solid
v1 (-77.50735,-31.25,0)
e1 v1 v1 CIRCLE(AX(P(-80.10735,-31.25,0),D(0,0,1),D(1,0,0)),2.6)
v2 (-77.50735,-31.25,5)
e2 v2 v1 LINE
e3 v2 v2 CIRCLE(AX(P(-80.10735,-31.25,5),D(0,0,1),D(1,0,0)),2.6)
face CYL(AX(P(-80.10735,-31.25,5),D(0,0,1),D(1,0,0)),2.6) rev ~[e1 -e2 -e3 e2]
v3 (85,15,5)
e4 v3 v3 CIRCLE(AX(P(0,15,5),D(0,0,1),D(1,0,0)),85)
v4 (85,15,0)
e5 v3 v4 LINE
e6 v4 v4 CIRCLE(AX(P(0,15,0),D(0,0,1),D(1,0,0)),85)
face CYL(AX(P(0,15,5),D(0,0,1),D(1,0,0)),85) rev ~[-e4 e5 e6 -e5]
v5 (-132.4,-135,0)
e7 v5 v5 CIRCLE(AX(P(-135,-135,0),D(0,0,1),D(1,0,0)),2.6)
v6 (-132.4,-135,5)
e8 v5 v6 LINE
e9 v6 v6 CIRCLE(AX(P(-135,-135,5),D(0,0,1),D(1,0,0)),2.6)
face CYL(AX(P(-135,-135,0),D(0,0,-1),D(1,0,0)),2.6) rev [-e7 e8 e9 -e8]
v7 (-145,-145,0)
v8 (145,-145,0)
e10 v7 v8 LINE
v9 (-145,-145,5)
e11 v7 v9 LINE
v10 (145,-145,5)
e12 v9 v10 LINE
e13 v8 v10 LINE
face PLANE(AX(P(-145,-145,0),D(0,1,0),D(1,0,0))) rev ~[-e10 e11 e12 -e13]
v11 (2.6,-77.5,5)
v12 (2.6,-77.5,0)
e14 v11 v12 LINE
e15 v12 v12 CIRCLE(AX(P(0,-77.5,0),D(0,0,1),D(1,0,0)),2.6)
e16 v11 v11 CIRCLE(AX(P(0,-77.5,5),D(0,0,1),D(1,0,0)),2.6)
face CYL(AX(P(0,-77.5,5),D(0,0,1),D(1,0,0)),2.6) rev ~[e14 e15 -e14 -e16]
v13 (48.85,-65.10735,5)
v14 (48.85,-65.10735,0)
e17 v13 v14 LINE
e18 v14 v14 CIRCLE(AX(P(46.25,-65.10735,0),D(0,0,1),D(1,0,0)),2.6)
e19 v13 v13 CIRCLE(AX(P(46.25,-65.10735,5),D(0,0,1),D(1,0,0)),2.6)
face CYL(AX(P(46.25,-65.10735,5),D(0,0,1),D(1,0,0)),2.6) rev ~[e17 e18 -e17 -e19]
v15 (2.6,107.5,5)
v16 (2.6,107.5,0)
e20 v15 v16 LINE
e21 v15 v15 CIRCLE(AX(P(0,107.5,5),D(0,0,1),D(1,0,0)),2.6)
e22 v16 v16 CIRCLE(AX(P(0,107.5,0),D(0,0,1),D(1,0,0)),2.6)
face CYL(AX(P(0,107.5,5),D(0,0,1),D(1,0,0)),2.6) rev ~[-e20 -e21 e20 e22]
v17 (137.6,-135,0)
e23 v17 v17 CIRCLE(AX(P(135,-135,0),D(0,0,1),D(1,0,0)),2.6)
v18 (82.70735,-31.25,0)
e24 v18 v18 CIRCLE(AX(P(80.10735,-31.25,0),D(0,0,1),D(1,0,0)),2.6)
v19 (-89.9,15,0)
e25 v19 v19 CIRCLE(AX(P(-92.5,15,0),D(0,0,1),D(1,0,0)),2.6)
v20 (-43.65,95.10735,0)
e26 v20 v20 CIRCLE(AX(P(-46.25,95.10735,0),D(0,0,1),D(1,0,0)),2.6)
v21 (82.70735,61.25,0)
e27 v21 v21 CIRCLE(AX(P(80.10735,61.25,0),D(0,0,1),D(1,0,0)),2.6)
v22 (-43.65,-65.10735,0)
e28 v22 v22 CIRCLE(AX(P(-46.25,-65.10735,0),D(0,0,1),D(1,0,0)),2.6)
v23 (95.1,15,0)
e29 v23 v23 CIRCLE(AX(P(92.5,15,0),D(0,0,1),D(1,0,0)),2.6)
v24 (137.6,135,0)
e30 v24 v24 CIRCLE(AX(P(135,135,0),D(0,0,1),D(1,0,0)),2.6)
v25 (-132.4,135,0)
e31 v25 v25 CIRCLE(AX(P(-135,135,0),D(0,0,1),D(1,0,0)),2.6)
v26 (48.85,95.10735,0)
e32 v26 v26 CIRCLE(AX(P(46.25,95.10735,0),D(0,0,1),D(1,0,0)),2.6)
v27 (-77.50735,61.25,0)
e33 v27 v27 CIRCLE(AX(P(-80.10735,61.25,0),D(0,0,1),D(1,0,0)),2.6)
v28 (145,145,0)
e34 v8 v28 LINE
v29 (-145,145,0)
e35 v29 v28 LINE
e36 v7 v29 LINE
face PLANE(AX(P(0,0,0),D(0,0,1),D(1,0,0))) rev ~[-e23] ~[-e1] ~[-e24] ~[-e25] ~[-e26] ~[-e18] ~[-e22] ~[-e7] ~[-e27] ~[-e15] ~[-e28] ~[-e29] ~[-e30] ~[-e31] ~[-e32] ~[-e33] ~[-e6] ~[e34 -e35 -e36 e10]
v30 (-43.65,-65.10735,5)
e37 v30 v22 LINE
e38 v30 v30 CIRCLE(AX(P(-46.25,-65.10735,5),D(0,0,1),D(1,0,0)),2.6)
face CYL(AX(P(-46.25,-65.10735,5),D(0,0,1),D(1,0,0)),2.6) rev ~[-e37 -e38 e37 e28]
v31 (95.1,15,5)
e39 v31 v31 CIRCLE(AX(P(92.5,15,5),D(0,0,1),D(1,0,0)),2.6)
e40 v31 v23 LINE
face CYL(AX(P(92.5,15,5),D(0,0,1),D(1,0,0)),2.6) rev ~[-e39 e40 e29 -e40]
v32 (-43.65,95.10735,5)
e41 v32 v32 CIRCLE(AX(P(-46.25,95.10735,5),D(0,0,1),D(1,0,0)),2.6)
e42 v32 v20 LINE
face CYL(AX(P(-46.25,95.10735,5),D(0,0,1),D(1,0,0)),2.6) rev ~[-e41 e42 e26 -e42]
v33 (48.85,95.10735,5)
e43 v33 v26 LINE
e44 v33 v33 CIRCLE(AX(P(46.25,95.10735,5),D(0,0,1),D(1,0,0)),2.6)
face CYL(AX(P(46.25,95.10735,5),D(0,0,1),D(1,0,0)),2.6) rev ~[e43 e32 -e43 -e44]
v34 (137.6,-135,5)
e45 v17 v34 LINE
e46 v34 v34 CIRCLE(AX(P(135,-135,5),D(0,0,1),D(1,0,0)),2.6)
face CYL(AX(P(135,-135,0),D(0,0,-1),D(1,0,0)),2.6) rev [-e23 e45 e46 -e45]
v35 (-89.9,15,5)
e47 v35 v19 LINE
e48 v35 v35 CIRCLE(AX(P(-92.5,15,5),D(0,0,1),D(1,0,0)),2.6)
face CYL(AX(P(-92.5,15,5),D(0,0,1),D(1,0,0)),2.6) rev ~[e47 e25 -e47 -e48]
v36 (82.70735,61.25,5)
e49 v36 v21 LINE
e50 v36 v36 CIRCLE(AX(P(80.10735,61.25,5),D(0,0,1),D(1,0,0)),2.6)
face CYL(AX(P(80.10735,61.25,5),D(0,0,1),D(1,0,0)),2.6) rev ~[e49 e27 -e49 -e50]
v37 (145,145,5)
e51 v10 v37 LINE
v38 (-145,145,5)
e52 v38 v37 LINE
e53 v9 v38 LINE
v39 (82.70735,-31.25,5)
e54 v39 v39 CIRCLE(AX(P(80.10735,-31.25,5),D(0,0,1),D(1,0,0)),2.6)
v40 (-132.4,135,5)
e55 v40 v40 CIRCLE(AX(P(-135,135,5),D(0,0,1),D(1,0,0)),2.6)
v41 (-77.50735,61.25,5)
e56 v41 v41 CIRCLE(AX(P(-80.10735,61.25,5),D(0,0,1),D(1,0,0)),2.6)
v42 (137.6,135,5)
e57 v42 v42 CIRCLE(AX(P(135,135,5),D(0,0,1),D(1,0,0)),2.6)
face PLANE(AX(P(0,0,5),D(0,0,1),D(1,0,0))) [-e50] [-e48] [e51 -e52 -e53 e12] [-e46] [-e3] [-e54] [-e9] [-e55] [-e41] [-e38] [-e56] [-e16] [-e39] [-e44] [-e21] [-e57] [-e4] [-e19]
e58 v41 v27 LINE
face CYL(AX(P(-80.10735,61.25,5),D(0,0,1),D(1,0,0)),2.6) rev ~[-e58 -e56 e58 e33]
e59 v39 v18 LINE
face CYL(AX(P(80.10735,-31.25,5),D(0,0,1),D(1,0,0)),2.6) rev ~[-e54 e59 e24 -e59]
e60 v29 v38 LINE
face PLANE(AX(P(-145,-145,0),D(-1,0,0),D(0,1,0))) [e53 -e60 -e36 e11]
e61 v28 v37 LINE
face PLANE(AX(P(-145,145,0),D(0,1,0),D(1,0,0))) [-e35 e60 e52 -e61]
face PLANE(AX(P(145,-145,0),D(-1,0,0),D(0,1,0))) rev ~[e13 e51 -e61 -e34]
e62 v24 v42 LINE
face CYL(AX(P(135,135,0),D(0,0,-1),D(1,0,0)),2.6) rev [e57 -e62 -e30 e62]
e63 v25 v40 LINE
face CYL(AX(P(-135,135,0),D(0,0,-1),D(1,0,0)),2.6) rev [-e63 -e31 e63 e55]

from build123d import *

# Parameters (mm, degrees)
F0_W     = 290
F0_H     = 290
F0_R     = 2.6
F1_DEPTH = 5
F2_R     = 85
F3_DEPTH = 5.001
F4_R     = 2.6
F5_DEPTH = 5.001


with BuildPart() as f1:
    # F0 (on Top) → F1 (new body)
    with BuildSketch(Plane.XY):
        Rectangle(F0_W, F0_H)
        with Locations((-135, -135)):
            Circle(F0_R, mode=Mode.SUBTRACT)
        with Locations((135, -135)):
            Circle(F0_R, mode=Mode.SUBTRACT)
        with Locations((-135, 135)):
            Circle(F0_R, mode=Mode.SUBTRACT)
        with Locations((135, 135)):
            Circle(F0_R, mode=Mode.SUBTRACT)
    extrude(amount=F1_DEPTH)

    # F2 (on face) → F3 (cut, through all)
    with BuildSketch(Plane.XY.offset(5)):
        with Locations((0, 15)):
            Circle(F2_R)
    extrude(amount=-F3_DEPTH, mode=Mode.SUBTRACT)

    # F4 (on face) → F5 (cut, through all)
    with BuildSketch(Plane.XY.offset(5)):
        with Locations((0, 107.5)):
            Circle(F4_R)
        with Locations((-46.25, 95.10735)):
            Circle(F4_R)
        with Locations((-80.10735, 61.25)):
            Circle(F4_R)
        with Locations((-92.5, 15)):
            Circle(F4_R)
        with Locations((-80.10735, -31.25)):
            Circle(F4_R)
        with Locations((-46.25, -65.10735)):
            Circle(F4_R)
        with Locations((0, -77.5)):
            Circle(F4_R)
        with Locations((46.25, -65.10735)):
            Circle(F4_R)
        with Locations((80.10735, -31.25)):
            Circle(F4_R)
        with Locations((92.5, 15)):
            Circle(F4_R)
        with Locations((80.10735, 61.25)):
            Circle(F4_R)
        with Locations((46.25, 95.10735)):
            Circle(F4_R)
    extrude(amount=-F5_DEPTH, mode=Mode.SUBTRACT)


solid = f1.part
